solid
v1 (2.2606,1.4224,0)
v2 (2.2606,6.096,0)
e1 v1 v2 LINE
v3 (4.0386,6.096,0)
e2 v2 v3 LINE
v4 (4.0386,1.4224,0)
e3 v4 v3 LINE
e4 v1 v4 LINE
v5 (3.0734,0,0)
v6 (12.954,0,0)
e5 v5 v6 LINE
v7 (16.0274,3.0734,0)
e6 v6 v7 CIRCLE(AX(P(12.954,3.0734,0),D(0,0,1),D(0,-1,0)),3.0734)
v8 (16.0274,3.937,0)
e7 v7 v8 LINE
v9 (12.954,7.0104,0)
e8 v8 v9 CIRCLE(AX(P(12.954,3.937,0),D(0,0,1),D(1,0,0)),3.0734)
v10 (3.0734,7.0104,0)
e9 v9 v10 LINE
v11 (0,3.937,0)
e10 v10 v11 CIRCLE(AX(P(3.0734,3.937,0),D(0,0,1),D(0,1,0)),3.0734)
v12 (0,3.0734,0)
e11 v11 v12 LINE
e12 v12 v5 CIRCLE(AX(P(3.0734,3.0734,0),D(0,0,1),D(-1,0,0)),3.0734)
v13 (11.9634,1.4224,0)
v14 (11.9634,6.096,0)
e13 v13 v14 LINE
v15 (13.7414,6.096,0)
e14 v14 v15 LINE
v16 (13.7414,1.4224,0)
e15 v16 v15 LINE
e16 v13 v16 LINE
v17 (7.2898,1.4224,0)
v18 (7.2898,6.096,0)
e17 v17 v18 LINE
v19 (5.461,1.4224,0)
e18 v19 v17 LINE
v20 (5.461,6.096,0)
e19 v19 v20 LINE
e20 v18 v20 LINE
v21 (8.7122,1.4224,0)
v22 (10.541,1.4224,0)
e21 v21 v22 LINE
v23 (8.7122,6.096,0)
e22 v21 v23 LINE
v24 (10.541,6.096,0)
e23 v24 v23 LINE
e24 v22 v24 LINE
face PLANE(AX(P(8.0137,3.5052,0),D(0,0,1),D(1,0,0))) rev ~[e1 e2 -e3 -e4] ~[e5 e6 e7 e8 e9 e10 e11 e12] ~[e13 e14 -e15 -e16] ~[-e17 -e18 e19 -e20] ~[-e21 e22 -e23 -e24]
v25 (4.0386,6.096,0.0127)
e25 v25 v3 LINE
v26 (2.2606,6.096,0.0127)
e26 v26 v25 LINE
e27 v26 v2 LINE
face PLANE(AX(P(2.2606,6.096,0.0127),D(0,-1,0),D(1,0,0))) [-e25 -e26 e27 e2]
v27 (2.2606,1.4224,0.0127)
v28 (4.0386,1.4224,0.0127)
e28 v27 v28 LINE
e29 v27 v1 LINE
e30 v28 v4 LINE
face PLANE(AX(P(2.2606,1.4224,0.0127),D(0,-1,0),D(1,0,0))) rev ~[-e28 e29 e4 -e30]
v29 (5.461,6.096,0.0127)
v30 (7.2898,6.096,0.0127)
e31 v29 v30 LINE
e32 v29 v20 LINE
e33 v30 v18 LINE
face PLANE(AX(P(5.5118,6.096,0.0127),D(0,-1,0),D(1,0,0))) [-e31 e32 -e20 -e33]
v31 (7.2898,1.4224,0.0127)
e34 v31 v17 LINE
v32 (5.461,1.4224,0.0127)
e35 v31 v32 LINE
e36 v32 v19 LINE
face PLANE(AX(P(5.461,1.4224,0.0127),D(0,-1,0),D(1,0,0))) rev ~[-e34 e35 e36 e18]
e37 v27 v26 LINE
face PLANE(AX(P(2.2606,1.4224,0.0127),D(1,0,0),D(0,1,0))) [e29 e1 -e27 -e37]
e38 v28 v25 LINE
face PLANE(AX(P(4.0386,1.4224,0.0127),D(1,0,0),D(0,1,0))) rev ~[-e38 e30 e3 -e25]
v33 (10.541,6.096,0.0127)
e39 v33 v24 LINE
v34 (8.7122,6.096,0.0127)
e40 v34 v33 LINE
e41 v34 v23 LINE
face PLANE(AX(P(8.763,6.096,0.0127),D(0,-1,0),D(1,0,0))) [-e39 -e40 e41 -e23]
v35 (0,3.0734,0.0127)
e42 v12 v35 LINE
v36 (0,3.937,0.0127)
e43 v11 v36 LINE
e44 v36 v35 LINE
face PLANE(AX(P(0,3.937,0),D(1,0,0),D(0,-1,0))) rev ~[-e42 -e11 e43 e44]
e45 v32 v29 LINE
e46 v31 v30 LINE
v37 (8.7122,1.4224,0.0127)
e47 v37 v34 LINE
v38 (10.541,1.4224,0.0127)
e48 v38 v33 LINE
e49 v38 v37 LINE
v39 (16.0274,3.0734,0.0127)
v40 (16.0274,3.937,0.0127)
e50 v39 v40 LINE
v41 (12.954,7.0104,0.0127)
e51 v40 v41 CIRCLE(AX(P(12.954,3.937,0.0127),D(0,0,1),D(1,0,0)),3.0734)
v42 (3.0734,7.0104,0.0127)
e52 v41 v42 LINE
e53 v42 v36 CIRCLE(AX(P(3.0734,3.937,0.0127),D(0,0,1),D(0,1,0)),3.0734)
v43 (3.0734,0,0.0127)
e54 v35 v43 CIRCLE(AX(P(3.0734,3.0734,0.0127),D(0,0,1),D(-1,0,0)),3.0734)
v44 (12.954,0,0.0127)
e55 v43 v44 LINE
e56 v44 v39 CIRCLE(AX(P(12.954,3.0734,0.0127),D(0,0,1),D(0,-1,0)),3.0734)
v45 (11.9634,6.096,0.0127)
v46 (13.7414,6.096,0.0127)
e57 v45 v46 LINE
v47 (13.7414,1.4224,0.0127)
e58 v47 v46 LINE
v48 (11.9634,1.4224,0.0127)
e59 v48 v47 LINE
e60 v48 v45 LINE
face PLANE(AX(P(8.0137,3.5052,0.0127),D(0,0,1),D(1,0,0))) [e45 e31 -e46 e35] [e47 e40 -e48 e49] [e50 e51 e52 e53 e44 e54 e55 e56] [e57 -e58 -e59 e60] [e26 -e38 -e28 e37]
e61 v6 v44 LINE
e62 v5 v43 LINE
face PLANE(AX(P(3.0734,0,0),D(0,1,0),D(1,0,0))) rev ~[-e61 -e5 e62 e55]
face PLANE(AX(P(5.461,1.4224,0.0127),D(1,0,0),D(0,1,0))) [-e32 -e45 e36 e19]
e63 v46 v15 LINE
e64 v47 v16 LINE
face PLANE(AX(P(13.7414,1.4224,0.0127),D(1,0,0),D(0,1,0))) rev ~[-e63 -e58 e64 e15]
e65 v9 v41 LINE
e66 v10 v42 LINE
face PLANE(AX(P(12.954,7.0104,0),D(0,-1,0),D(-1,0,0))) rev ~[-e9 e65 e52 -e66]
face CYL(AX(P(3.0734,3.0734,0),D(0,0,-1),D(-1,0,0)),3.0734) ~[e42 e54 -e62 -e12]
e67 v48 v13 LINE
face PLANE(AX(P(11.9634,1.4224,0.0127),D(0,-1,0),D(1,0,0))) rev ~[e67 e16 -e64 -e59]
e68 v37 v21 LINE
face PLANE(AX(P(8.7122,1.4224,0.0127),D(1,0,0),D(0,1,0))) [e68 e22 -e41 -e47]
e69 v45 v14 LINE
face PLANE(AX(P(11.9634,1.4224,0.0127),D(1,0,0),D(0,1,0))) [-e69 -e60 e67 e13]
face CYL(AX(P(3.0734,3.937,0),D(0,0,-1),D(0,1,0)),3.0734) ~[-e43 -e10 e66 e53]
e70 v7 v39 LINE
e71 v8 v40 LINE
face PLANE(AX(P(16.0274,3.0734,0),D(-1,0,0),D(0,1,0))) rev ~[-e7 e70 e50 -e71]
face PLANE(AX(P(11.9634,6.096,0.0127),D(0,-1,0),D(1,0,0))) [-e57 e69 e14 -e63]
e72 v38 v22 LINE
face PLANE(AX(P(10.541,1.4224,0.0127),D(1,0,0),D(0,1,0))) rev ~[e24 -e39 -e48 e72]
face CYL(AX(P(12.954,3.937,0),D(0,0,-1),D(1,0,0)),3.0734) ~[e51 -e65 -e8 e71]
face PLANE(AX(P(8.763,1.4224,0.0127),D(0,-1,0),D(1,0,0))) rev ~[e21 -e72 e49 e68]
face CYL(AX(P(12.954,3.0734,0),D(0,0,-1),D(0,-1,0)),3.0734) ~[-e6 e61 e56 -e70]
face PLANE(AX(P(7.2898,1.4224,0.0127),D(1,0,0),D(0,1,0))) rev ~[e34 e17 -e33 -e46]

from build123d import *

# Parameters (mm, degrees)
BOSS_EXTRUDE1_DEPTH       = 0.0127
SKETCH2_W                 = 1.778
SKETCH2_H                 = 4.6736
CUT_EXTRUDE1_DEPTH        = 1.0127
LPATTERN1_COUNT           = 2
LPATTERN1_PITCH           = 3.2004
LPATTERN2_COUNT           = 3
LPATTERN2_PITCH           = 3.2512
LPATTERN2_COPY_1_SKETCH_W = 1.778
LPATTERN2_COPY_1_SKETCH_H = 4.6736
LPATTERN2_COPY_1_DEPTH    = 1.0127
LPATTERN2_COPY_2_SKETCH_W = 1.778
LPATTERN2_COPY_2_SKETCH_H = 4.6736
LPATTERN2_COPY_2_DEPTH    = 1.0127


with BuildPart() as part:
    # Sketch1 → Boss-Extrude1 (new body)
    with BuildSketch(Plane.XY):
        with BuildLine():
            Line((3.0734, 0), (12.954, 0))
            ThreePointArc((12.954, 0), (15.127221981, 0.900178019), (16.0274, 3.0734))
            Line((16.0274, 3.0734), (16.0274, 3.937))
            ThreePointArc((16.0274, 3.937), (15.127221981, 6.110221981), (12.954, 7.0104))
            Line((12.954, 7.0104), (3.0734, 7.0104))
            ThreePointArc((3.0734, 7.0104), (0.900178019, 6.110221981), (0, 3.937))
            Line((0, 3.937), (0, 3.0734))
            ThreePointArc((0, 3.0734), (0.900178019, 0.900178019), (3.0734, 0))
        make_face()
    extrude(amount=BOSS_EXTRUDE1_DEPTH)

    # Sketch2 → Cut-Extrude1 (cut, through all)
    with BuildSketch(Plane.XY.offset(0.0127)):
        with Locations((3.1496, 3.7592)):
            Rectangle(SKETCH2_W, SKETCH2_H)
    cut_extrude1 = extrude(amount=-CUT_EXTRUDE1_DEPTH, mode=Mode.SUBTRACT)

    # LPattern1: Cut-Extrude1 ×2
    with Locations(*[(i * LPATTERN1_PITCH, 0, 0) for i in range(1, LPATTERN1_COUNT)]):
        add(cut_extrude1, mode=Mode.SUBTRACT)

    # LPattern2: Cut-Extrude1 ×3
    with Locations(*[(i * LPATTERN2_PITCH, 0, 0) for i in range(1, LPATTERN2_COUNT)]):
        add(cut_extrude1, mode=Mode.SUBTRACT)

    # LPattern2 copy 1 sketch → LPattern2 copy 1 (cut, through all)
    with BuildSketch(Plane(origin=(6.4516, 0, 0.0127), x_dir=(1, 0, 0), z_dir=(0, 0, 1))):
        with Locations((3.1496, 3.7592)):
            Rectangle(LPATTERN2_COPY_1_SKETCH_W, LPATTERN2_COPY_1_SKETCH_H)
    extrude(amount=-LPATTERN2_COPY_1_DEPTH, mode=Mode.SUBTRACT)

    # LPattern2 copy 2 sketch → LPattern2 copy 2 (cut, through all)
    with BuildSketch(Plane(origin=(9.7028, 0, 0.0127), x_dir=(1, 0, 0), z_dir=(0, 0, 1))):
        with Locations((3.1496, 3.7592)):
            Rectangle(LPATTERN2_COPY_2_SKETCH_W, LPATTERN2_COPY_2_SKETCH_H)
    extrude(amount=-LPATTERN2_COPY_2_DEPTH, mode=Mode.SUBTRACT)


solid = part.part
